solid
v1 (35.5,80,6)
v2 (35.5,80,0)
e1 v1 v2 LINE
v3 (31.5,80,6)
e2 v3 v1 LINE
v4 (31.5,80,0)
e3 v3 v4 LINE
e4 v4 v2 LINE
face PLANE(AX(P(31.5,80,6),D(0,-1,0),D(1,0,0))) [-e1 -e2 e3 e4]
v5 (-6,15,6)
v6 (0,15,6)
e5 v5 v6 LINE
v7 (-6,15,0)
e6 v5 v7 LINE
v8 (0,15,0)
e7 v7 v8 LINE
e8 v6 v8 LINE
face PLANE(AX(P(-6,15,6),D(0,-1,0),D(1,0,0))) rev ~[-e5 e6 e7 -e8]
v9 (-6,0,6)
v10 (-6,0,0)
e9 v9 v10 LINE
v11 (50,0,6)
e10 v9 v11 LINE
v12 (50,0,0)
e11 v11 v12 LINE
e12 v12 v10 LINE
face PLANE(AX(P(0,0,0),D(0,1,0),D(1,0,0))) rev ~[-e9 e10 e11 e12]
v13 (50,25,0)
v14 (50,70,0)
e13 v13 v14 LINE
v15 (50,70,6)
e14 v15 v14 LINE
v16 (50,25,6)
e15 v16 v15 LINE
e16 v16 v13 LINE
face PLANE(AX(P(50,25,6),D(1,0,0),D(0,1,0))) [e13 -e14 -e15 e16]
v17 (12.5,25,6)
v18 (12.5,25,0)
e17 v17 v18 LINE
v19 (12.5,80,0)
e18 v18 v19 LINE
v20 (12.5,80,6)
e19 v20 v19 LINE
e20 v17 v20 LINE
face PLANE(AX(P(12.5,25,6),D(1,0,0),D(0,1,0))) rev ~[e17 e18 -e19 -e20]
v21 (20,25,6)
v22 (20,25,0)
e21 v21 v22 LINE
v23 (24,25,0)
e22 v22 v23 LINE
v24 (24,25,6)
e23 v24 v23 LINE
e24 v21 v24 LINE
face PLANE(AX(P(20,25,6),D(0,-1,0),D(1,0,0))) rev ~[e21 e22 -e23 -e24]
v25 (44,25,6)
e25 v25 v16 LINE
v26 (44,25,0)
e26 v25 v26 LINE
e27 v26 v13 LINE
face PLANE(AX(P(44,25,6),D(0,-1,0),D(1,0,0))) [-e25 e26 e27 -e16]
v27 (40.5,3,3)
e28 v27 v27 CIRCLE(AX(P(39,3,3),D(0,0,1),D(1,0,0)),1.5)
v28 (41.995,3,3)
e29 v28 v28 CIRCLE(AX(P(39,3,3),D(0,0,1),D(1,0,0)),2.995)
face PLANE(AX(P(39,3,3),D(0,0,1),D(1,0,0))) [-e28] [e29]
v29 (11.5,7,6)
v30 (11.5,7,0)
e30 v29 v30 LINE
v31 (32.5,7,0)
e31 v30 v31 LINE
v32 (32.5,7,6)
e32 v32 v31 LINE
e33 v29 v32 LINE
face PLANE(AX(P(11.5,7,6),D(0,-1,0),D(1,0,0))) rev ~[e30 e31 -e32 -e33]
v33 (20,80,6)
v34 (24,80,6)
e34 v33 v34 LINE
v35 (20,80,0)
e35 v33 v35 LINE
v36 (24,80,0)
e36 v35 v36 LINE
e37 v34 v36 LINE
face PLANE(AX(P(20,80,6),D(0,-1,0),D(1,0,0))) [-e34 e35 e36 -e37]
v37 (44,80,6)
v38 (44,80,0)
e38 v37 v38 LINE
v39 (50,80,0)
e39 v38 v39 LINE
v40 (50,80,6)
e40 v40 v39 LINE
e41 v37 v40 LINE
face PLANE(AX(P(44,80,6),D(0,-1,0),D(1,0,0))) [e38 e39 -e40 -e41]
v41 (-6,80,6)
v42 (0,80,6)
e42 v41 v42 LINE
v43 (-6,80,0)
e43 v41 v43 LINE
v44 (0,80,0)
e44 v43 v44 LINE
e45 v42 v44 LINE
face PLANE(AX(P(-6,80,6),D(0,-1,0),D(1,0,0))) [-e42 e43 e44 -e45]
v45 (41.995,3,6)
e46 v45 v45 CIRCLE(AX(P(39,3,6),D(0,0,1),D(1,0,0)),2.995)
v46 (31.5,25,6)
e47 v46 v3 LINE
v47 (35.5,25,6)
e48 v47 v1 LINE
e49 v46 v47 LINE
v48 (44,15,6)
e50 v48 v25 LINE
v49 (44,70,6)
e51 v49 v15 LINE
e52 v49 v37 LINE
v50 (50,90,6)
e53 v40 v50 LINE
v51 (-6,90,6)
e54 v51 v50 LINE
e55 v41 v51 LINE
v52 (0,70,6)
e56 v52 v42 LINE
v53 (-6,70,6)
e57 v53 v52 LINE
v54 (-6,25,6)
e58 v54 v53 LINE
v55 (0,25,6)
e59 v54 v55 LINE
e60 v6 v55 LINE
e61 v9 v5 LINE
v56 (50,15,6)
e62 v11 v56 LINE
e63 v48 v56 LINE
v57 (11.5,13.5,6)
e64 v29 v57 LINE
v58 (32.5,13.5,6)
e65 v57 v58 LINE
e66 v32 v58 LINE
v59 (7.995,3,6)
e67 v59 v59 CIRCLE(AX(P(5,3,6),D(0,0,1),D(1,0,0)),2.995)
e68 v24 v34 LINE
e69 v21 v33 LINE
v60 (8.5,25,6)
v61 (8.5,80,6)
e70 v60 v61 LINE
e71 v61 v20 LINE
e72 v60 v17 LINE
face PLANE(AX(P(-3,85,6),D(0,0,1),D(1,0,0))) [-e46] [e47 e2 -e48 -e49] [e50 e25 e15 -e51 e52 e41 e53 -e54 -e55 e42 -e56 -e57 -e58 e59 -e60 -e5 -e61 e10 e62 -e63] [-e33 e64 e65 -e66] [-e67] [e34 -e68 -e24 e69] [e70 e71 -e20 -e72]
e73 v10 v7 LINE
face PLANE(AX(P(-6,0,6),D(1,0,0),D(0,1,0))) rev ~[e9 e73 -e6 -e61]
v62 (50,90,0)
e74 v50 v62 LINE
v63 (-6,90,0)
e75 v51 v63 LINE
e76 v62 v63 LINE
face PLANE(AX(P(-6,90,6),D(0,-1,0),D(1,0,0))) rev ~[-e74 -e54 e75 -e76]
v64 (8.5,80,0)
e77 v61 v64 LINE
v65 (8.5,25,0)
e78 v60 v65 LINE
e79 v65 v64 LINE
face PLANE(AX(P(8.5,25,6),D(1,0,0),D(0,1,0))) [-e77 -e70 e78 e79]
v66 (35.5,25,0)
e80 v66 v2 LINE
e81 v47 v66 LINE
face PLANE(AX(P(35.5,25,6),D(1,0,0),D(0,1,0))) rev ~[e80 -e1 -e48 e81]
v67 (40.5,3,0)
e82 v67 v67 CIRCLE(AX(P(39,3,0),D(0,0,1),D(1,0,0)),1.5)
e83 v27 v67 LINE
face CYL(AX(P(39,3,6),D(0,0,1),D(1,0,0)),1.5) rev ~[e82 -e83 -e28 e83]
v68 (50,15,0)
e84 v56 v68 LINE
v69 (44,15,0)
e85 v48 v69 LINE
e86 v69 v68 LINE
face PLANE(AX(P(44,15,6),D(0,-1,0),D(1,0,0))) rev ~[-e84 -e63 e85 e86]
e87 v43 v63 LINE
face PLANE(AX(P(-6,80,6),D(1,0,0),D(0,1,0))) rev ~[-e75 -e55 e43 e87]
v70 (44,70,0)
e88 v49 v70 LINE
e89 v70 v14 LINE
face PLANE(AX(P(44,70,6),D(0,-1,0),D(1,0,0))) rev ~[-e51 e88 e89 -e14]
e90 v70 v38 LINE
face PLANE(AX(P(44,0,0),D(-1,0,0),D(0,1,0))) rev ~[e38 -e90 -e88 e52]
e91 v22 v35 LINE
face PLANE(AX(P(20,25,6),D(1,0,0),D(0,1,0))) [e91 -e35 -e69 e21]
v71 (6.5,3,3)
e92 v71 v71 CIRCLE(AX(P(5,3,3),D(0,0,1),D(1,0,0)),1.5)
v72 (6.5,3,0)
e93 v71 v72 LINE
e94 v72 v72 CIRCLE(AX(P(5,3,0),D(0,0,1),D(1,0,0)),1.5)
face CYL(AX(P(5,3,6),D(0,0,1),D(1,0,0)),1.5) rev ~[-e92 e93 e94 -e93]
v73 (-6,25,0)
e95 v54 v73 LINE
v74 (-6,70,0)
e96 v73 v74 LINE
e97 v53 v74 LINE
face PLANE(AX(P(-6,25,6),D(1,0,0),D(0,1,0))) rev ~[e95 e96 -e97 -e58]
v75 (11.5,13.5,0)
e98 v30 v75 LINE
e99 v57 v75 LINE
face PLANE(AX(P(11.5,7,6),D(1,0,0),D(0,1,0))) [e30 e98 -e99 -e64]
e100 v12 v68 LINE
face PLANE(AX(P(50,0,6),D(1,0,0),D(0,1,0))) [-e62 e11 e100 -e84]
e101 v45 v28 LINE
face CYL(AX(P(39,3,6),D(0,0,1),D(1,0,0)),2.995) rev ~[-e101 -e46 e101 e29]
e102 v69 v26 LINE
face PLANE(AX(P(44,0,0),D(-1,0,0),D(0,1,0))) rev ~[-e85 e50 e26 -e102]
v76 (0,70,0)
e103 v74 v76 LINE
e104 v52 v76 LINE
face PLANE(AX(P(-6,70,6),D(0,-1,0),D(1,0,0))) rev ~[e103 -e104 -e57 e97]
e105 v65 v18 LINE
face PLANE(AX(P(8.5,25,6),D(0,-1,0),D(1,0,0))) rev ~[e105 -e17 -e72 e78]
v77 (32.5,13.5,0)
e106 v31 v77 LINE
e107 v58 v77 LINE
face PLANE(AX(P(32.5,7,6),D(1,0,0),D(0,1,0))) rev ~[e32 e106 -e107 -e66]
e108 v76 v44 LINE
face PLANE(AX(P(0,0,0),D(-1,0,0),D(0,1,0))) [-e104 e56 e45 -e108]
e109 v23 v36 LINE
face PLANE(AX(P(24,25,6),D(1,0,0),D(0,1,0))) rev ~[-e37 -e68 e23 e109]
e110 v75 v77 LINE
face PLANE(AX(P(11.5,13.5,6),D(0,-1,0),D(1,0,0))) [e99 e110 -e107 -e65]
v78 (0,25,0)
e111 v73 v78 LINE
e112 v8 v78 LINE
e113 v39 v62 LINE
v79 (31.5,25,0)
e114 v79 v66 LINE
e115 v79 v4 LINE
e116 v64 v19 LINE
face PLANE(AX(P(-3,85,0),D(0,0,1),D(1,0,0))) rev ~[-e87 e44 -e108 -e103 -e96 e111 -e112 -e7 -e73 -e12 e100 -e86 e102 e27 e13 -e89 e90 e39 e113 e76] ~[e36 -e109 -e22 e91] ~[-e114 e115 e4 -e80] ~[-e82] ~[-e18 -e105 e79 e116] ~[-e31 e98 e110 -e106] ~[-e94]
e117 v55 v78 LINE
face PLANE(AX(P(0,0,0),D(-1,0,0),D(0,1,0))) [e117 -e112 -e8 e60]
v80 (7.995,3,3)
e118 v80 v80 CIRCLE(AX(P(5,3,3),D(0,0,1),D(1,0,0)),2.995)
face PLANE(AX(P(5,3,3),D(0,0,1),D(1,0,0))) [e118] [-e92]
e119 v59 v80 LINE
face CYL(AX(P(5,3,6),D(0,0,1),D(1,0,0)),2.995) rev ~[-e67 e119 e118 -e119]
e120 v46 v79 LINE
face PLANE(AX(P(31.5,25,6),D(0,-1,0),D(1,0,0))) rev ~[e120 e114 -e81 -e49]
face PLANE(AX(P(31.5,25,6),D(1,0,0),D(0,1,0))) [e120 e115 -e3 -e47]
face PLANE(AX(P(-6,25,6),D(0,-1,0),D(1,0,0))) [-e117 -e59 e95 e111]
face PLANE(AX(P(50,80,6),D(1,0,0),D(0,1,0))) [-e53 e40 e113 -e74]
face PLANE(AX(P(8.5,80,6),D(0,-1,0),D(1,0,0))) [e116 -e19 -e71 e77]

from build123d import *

# Parameters (mm, degrees)
ESQUISSE1_W             = 44
ESQUISSE1_H             = 90
BOSS_EXTRU_1_DEPTH      = 6
ESQUISSE2_W             = 21
ESQUISSE2_H             = 6.5
ESQUISSE2_W_2           = 4
ESQUISSE2_H_2           = 55
ENL_V_MAT_EXTRU_1_DEPTH = 6
ESQUISSE4_W             = 6
ESQUISSE4_H             = 10
ESQUISSE4_H_2           = 45
ESQUISSE4_H_3           = 15
BOSS_EXTRU_2_DEPTH      = 6
ESQUISSE6_R             = 1.5
ENL_V_MAT_EXTRU_3_DEPTH = 6
ESQUISSE8_R             = 2.995
ENL_V_MAT_EXTRU_4_DEPTH = 3


with BuildPart() as part:
    # Esquisse1 → Boss.-Extru.1 (new body)
    with BuildSketch(Plane.XY):
        with Locations((22, 45)):
            Rectangle(ESQUISSE1_W, ESQUISSE1_H)
    extrude(amount=BOSS_EXTRU_1_DEPTH)

    # Esquisse2 → Enlèv. mat.-Extru.1 (cut)
    with BuildSketch(Plane.XY.offset(6)):
        with Locations((22, 10.25)):
            Rectangle(ESQUISSE2_W, ESQUISSE2_H)
        with Locations((22, 52.5)):
            Rectangle(ESQUISSE2_W_2, ESQUISSE2_H_2)
        with Locations((33.5, 52.5)):
            Rectangle(ESQUISSE2_W_2, ESQUISSE2_H_2)
        with Locations((10.5, 52.5)):
            Rectangle(ESQUISSE2_W_2, ESQUISSE2_H_2)
    extrude(amount=-ENL_V_MAT_EXTRU_1_DEPTH, mode=Mode.SUBTRACT)

    # Esquisse4 → Boss.-Extru.2 (add)
    with BuildSketch(Plane.XY.offset(6)):
        with Locations((-3, 85)):
            Rectangle(ESQUISSE4_W, ESQUISSE4_H)
        with Locations((-3, 47.5)):
            Rectangle(ESQUISSE4_W, ESQUISSE4_H_2)
        with Locations((-3, 7.5)):
            Rectangle(ESQUISSE4_W, ESQUISSE4_H_3)
        with Locations((47, 7.5)):
            Rectangle(ESQUISSE4_W, ESQUISSE4_H_3)
        with Locations((47, 47.5)):
            Rectangle(ESQUISSE4_W, ESQUISSE4_H_2)
        with Locations((47, 85)):
            Rectangle(ESQUISSE4_W, ESQUISSE4_H)
    extrude(amount=-BOSS_EXTRU_2_DEPTH)

    # Esquisse6 → Enlèv. mat.-Extru.3 (cut)
    with BuildSketch(Plane.XY.offset(6)):
        with Locations((5, 3)):
            Circle(ESQUISSE6_R)
        with Locations((39, 3)):
            Circle(ESQUISSE6_R)
    extrude(amount=-ENL_V_MAT_EXTRU_3_DEPTH, mode=Mode.SUBTRACT)

    # Esquisse8 → Enlèv. mat.-Extru.4 (cut)
    with BuildSketch(Plane.XY.offset(6)):
        with Locations((5, 3)):
            Circle(ESQUISSE8_R)
        with Locations((39, 3)):
            Circle(ESQUISSE8_R)
    extrude(amount=-ENL_V_MAT_EXTRU_4_DEPTH, mode=Mode.SUBTRACT)


solid = part.part
